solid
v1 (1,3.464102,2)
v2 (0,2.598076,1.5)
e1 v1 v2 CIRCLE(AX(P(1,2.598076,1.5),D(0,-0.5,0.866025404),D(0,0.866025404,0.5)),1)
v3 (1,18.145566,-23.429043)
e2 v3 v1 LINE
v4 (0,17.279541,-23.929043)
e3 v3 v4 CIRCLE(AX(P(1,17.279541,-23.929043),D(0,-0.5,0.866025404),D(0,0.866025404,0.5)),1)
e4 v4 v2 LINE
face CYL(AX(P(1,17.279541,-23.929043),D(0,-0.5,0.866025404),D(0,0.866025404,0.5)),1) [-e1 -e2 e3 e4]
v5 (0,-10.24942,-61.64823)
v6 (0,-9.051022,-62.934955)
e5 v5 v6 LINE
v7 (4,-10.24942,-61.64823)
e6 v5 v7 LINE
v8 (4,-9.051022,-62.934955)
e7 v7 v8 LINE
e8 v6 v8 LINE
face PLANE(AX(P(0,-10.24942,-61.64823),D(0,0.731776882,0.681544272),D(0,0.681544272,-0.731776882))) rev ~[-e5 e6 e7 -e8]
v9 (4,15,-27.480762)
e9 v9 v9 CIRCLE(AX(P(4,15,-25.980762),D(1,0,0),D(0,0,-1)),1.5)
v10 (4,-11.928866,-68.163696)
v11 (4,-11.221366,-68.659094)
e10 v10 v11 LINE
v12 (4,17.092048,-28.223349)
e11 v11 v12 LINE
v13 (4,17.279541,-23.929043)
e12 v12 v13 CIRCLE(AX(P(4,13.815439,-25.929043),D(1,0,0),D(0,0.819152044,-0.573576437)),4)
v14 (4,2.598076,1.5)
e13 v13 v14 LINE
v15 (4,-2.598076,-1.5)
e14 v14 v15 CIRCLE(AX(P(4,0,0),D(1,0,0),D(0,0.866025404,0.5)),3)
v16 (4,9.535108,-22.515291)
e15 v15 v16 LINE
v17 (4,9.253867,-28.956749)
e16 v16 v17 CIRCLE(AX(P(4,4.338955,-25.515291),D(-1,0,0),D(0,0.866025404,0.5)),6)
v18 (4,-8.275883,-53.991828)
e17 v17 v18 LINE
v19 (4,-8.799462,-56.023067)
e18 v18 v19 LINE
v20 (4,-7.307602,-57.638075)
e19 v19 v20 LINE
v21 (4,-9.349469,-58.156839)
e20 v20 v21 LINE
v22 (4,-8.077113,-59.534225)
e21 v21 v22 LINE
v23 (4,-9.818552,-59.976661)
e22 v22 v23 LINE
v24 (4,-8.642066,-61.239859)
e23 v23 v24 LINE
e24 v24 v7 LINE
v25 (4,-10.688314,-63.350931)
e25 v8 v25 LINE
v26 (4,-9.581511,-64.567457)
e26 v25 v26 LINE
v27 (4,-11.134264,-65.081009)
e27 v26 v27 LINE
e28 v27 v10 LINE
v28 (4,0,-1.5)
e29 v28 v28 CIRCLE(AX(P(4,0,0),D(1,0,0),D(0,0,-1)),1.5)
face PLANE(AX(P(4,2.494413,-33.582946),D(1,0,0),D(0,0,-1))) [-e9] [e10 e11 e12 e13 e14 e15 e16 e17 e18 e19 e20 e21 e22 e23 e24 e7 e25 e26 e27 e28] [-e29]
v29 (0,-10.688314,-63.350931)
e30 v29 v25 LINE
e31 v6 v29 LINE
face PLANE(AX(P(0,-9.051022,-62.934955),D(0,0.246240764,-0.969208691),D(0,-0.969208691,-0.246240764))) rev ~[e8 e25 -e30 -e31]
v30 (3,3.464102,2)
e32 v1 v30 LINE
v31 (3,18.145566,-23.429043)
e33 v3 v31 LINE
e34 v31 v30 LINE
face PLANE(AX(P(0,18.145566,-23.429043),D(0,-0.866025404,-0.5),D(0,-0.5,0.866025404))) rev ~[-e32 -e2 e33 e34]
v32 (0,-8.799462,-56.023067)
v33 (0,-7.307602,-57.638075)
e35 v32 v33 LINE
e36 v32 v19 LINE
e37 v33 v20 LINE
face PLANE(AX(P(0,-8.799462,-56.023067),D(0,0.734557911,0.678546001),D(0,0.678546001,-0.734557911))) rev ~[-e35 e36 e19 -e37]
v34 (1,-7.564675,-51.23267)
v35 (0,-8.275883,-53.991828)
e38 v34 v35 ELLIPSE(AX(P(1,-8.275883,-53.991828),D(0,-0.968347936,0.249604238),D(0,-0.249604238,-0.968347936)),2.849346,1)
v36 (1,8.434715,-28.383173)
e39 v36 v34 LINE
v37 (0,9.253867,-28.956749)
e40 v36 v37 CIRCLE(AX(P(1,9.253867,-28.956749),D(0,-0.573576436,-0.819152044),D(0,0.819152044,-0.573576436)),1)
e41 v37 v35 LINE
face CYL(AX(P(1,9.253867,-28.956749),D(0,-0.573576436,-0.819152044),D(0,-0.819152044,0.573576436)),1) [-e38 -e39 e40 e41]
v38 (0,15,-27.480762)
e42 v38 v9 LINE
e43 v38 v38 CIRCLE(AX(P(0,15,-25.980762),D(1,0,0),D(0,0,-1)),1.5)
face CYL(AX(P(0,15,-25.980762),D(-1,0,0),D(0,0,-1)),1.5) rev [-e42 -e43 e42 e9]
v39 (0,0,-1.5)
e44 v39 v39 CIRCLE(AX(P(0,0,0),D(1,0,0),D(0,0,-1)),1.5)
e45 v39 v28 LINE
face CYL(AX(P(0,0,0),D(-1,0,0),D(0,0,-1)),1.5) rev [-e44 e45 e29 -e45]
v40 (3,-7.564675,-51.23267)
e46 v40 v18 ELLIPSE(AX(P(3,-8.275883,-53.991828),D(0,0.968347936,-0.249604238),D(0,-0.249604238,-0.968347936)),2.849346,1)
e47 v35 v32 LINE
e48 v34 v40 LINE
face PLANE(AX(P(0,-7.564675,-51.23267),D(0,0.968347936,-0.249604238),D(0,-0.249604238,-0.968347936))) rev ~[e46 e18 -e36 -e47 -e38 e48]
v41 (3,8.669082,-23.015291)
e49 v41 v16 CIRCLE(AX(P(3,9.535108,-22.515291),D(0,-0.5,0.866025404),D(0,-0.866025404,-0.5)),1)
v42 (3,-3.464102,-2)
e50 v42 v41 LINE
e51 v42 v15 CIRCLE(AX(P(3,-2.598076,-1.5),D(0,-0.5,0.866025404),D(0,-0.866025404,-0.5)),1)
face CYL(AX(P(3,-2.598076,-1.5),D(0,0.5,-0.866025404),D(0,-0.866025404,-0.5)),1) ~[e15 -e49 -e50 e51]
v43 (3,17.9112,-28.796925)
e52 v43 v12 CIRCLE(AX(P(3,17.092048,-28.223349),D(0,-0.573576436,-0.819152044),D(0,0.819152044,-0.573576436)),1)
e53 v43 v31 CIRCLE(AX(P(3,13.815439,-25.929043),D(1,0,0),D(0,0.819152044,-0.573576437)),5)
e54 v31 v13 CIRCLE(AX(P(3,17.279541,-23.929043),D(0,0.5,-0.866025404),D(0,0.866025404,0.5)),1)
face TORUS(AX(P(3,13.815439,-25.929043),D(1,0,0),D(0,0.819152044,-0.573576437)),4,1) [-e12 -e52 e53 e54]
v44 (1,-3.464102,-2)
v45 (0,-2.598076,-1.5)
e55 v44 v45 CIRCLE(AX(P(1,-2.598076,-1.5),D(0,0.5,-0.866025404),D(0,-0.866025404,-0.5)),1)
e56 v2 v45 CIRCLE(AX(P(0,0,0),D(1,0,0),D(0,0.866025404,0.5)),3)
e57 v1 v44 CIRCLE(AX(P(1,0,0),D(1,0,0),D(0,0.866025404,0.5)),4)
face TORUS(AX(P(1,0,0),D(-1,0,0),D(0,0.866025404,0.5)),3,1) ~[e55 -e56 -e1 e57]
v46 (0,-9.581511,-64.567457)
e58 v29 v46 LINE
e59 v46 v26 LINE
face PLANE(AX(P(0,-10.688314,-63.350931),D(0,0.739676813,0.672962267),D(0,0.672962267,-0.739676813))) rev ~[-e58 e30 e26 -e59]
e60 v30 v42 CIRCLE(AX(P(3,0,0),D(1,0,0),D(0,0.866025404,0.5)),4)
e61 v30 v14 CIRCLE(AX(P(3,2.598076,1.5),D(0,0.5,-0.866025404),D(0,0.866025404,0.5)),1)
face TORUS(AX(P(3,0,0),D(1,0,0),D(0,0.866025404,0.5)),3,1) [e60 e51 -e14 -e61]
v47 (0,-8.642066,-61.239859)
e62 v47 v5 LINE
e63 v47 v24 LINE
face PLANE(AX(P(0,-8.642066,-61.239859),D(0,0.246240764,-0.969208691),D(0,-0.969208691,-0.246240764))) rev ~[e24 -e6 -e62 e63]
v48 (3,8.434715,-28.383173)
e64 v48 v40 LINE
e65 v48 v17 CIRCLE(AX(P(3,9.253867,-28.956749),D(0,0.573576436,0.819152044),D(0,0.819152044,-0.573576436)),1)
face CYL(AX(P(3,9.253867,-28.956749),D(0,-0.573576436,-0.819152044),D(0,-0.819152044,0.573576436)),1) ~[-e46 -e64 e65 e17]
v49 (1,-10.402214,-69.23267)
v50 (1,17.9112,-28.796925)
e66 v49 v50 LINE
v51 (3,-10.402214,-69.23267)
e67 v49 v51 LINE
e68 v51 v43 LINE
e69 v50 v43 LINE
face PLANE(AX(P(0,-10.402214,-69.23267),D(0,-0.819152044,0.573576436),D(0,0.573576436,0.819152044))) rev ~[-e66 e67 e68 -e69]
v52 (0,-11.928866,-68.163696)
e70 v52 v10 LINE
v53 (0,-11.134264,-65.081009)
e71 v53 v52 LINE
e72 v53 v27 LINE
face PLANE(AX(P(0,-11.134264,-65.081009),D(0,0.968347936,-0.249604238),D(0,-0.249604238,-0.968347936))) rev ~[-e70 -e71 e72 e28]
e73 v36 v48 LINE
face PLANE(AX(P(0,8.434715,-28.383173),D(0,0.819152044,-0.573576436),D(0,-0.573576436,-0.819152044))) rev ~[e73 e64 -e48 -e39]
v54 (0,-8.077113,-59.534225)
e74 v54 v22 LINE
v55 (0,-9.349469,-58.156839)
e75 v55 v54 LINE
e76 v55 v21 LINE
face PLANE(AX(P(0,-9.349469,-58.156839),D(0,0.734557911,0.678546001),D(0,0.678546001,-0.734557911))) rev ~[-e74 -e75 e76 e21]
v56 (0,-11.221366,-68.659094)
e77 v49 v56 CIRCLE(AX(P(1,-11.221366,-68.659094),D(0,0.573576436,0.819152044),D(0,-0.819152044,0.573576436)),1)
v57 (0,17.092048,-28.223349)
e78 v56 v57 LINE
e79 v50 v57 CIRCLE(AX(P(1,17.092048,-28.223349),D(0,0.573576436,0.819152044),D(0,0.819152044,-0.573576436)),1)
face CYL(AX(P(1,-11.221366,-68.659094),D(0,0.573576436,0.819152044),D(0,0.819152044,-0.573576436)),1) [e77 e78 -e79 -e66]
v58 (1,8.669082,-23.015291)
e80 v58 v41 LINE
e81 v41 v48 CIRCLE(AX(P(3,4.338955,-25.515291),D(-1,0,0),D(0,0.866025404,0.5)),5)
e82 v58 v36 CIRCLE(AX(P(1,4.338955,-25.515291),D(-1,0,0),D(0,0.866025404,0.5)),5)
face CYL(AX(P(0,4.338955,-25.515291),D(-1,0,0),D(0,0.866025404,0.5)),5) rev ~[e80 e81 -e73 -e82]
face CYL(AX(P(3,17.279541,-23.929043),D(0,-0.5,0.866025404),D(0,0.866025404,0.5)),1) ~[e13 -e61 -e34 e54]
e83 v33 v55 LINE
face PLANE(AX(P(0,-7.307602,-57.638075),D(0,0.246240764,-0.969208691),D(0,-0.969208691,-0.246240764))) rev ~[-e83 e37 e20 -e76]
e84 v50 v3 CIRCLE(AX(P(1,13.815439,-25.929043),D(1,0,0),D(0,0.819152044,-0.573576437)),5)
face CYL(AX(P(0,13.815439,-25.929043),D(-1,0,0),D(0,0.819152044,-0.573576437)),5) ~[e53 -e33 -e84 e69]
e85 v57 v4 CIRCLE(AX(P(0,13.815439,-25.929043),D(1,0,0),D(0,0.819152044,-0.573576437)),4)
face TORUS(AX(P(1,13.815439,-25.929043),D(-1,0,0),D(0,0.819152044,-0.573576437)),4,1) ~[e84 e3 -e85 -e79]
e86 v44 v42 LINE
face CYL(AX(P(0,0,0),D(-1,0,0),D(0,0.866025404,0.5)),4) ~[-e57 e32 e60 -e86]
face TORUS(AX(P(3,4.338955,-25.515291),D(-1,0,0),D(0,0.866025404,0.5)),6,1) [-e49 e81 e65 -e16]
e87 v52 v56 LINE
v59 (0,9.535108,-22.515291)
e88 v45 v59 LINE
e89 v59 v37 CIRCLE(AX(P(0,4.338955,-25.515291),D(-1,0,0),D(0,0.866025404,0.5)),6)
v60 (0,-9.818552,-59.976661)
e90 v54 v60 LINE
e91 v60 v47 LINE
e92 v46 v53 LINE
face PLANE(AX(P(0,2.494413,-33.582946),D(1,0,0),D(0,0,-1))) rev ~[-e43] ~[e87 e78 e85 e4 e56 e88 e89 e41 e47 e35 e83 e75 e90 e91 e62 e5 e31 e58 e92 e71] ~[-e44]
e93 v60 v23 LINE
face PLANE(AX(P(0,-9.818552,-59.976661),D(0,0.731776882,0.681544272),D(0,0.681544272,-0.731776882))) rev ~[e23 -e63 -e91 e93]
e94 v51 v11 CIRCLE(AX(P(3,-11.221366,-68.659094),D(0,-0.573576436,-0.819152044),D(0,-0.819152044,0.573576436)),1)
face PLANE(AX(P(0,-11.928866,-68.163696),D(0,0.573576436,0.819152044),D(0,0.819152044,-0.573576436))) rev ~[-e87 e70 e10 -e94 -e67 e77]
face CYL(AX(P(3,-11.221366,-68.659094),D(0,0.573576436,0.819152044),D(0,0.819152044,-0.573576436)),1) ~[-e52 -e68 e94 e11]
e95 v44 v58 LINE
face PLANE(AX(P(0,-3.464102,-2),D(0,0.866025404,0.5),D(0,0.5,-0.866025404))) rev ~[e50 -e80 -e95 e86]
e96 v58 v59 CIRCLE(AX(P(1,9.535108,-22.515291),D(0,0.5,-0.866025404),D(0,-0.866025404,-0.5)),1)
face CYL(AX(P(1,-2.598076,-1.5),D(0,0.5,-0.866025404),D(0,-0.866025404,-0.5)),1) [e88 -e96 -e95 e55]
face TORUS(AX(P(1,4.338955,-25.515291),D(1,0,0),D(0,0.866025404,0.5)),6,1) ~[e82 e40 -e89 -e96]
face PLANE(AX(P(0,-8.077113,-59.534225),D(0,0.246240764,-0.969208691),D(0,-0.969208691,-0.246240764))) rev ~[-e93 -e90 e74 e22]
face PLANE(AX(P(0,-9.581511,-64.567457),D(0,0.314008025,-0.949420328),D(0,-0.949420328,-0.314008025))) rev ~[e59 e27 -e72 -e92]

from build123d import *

# Parameters (mm, degrees)
SKETCH1_R           = 1.5
BOSS_EXTRUDE1_DEPTH = 4
FILLET1_R           = 1


with BuildPart() as part:
    # Sketch1 → Boss-Extrude1 (new body)
    with BuildSketch(Plane(origin=(0, 0, 0), x_dir=(0, 0, -1), z_dir=(1, 0, 0))):
        with BuildLine():
            Line((2, -3.464101615), (23.015290845, 8.669082211))
            ThreePointArc((23.015290845, 8.669082211), (25.733387782, 9.3341963), (28.383173027, 8.434715414))
            Line((28.383173027, 8.434715414), (51.232670073, -7.564674663))
            Line((51.232670073, -7.564674663), (56.023067, -8.799461594))
            Line((56.023067, -8.799461594), (57.638075063, -7.307602004))
            Line((57.638075063, -7.307602004), (58.156839412, -9.349469104))
            Line((58.156839412, -9.349469104), (59.53422498, -8.07711269))
            Line((59.53422498, -8.07711269), (59.976661488, -9.818551844))
            Line((59.976661488, -9.818551844), (61.239859239, -8.642065932))
            Line((61.239859239, -8.642065932), (61.648229646, -10.249420215))
            Line((61.648229646, -10.249420215), (62.934954569, -9.051022147))
            Line((62.934954569, -9.051022147), (63.350930911, -10.688313547))
            Line((63.350930911, -10.688313547), (64.567456775, -9.58151124))
            Line((64.567456775, -9.58151124), (65.081008751, -11.134263546))
            Line((65.081008751, -11.134263546), (68.163696398, -11.928866264))
            Line((68.163696398, -11.928866264), (69.232670073, -10.40221364))
            Line((69.232670073, -10.40221364), (28.796925265, 17.911199687))
            ThreePointArc((28.796925265, 17.911199687), (26.147140021, 18.810680574), (23.429043084, 18.145566485))
            Line((23.429043084, 18.145566485), (-2, 3.464101615))
            ThreePointArc((-2, 3.464101615), (-3.464101615, -2), (2, -3.464101615))
        make_face()
        Circle(SKETCH1_R, mode=Mode.SUBTRACT)
        with Locations((25.980762114, 15)):
            Circle(SKETCH1_R, mode=Mode.SUBTRACT)
    extrude(amount=BOSS_EXTRUDE1_DEPTH)

    # Fillet1
    fillet1_edges = [part.edges().sort_by_distance(p)[0] for p in [
        (4, 9.3341963, -25.733387782),
        (4, 0.435020376, -39.80792155),
        (0, 10.80483405, -10.714521542),
        (0, 18.810680574, -26.147140021),
        (0, 3.754493023, -49.014797669),
        (0, 0.435020376, -39.80792155),
        (0, 9.3341963, -25.733387782),
        (0, 2.602490298, -12.507645422),
        (0, -2, 3.464101615),
        (4, -2, 3.464101615),
        (4, 3.754493023, -49.014797669),
        (4, 18.810680574, -26.147140021),
        (4, 10.80483405, -10.714521542),
        (4, 2.602490298, -12.507645422),
    ]]
    fillet(fillet1_edges, radius=FILLET1_R)


solid = part.part
